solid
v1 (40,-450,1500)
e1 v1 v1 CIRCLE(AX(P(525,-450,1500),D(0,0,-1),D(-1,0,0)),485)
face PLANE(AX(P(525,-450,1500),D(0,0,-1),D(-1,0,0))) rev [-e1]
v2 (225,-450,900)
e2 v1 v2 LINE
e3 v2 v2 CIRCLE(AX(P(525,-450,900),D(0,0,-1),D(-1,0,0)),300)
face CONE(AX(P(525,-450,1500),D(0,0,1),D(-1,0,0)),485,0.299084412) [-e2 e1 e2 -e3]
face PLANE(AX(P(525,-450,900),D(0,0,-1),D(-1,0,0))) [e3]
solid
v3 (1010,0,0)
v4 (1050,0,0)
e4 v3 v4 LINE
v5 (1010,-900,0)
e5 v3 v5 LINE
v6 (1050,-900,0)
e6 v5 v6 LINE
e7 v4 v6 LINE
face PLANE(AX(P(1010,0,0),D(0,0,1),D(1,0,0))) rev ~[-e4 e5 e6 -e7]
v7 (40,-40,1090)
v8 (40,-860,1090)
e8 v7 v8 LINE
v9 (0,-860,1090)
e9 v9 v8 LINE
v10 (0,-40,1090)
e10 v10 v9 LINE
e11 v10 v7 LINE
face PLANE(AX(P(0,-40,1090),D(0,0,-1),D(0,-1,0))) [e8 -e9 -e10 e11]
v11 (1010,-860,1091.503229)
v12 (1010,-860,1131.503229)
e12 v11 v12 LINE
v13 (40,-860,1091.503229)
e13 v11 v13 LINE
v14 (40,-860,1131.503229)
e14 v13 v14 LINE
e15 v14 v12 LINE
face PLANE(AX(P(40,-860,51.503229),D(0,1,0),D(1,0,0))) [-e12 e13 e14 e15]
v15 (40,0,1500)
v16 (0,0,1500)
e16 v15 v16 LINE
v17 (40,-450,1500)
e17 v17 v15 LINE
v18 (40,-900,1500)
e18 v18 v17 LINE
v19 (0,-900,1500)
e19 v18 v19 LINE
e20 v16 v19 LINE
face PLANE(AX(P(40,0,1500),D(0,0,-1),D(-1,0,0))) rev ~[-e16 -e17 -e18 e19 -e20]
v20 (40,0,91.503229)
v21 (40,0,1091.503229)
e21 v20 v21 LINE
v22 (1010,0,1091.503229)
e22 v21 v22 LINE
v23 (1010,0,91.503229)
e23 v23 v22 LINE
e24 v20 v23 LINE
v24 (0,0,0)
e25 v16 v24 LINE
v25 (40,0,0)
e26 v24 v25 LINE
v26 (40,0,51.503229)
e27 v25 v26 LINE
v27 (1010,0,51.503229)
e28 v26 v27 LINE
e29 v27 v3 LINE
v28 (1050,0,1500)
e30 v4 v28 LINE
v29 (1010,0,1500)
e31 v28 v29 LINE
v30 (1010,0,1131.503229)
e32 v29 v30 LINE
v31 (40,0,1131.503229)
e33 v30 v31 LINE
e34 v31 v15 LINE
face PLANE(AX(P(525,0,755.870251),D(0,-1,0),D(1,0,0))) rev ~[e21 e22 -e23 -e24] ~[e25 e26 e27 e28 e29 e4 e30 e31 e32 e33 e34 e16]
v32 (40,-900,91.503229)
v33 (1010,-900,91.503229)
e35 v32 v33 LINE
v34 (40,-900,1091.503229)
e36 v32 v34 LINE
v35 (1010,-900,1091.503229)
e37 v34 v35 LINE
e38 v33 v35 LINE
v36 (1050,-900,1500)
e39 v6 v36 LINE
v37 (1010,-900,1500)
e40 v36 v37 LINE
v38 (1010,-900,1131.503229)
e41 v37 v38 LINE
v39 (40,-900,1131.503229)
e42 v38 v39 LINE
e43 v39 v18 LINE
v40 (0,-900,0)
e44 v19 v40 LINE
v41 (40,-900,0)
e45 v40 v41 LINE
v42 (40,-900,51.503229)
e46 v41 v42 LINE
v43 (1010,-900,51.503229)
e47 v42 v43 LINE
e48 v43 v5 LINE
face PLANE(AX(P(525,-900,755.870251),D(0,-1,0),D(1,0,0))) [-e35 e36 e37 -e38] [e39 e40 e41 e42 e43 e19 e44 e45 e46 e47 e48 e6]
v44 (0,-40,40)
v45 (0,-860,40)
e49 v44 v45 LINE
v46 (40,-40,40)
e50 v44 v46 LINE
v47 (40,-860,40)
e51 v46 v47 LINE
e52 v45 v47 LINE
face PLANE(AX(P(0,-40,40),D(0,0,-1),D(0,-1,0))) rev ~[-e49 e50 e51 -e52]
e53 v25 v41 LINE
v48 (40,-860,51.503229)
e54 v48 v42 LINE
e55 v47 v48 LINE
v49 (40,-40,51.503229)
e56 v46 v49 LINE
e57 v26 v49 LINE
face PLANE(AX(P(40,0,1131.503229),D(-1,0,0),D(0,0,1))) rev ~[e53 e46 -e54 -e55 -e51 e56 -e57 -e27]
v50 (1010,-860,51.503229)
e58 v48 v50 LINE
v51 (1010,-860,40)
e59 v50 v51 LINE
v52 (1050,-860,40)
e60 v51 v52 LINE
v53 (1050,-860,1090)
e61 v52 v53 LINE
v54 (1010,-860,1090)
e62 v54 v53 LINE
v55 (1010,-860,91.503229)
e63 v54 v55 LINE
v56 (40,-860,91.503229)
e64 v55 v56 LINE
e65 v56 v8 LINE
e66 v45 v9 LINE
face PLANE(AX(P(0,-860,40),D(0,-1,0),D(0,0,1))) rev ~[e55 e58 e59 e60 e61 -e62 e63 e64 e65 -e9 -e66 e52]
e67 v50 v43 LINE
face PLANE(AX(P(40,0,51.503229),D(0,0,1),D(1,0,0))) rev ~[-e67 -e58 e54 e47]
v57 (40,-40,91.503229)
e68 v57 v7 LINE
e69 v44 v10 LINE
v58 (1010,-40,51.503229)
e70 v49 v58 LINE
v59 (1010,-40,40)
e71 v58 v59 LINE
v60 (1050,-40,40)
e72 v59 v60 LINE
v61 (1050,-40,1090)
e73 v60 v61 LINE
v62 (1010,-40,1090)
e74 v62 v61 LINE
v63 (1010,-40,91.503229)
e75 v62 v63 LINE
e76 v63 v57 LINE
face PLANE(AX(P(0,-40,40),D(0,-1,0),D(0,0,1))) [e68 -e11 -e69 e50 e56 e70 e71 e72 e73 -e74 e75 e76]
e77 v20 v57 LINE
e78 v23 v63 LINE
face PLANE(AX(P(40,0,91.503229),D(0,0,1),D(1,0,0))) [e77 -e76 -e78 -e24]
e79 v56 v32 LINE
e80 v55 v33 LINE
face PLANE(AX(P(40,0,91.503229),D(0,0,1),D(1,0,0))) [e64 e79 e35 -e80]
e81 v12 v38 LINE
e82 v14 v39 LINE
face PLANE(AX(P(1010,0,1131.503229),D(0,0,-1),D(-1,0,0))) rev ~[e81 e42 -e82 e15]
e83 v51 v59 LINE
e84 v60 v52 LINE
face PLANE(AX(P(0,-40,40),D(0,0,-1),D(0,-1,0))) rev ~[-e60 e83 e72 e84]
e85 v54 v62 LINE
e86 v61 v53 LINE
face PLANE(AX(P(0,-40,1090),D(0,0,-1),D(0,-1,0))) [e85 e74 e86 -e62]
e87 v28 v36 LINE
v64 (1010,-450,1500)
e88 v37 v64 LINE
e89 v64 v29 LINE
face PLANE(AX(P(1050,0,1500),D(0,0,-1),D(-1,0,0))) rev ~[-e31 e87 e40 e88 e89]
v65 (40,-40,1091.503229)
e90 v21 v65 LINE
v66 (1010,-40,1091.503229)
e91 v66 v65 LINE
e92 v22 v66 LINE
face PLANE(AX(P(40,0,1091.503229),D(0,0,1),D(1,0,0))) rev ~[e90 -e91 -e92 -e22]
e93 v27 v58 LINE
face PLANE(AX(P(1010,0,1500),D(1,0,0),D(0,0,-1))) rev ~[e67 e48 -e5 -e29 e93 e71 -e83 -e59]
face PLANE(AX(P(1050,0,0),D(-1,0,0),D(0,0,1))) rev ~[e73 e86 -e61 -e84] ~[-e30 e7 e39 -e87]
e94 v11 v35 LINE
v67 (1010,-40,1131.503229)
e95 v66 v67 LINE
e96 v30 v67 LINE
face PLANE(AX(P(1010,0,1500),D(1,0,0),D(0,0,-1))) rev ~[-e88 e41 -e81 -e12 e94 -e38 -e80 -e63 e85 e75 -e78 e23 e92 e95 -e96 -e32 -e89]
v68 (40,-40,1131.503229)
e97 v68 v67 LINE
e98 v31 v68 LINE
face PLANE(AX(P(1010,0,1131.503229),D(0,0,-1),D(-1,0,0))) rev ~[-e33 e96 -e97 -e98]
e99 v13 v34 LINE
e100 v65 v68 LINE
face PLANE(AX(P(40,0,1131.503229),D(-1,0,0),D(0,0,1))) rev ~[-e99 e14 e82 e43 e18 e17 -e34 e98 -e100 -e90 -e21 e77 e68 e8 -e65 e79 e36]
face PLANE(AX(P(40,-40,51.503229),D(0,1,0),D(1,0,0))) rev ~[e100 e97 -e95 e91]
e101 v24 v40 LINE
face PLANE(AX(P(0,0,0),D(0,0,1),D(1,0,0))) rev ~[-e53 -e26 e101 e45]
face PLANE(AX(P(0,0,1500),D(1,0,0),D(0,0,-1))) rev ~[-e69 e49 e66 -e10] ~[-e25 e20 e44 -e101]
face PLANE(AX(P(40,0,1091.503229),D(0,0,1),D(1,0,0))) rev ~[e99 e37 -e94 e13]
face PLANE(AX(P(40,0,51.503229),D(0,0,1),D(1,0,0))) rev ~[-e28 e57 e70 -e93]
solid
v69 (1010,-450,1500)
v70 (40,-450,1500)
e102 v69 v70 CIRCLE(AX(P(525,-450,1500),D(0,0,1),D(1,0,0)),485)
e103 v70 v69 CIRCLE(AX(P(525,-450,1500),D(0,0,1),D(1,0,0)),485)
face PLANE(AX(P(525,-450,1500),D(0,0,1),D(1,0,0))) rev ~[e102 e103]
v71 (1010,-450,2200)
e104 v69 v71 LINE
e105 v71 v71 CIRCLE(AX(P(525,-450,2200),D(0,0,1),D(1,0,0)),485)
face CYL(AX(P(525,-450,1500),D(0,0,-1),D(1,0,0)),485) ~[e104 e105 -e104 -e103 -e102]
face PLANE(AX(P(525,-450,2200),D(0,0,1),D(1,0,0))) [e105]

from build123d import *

# Parameters (mm, degrees)
F0_W      = 970
F0_H      = 1000
F1_DEPTH  = 900
F2_W      = 970
F2_H      = 820
F3_DEPTH  = 1448.4977711683
F4_R      = 485
F5_DEPTH  = 700
F9_W      = 820
F9_H      = 1050
F10_DEPTH = 1050.001


with BuildPart() as f1:
    # F0 (on Front) → F1 (new body)
    with BuildSketch(Plane.XZ):
        Polygon((0, 1500), (0, 0), (40, 0), (40, 51.5032288317), (1010, 51.5032288317), (1010, 0), (1050, 0), (1050, 1500), (1010, 1500), (1010, 1131.5032288317), (40, 1131.5032288317), (40, 1500), align=None)
        with Locations((525, 591.5032288317)):
            Rectangle(F0_W, F0_H, mode=Mode.SUBTRACT)
    extrude(amount=F1_DEPTH)

    # F2 (on face) → F3 (cut, through all)
    with BuildSketch(Plane(origin=(0, 0, 51.5032288317), x_dir=(1, 0, 0), z_dir=(0, 0, -1))):
        with Locations((525, 450)):
            Rectangle(F2_W, F2_H)
    extrude(amount=-F3_DEPTH, mode=Mode.SUBTRACT)

    # F4 (on face) → F5 (join)
    with BuildSketch(Plane.XY.offset(1500)):
        with Locations((525, -450)):
            Circle(F4_R)
    extrude(amount=F5_DEPTH)

    # F9 (on face) → F10 (cut, through all)
    with BuildSketch(Plane(origin=(0, 0, 0), x_dir=(0, -1, 0), z_dir=(-1, 0, 0))):
        with Locations((450, 565)):
            Rectangle(F9_W, F9_H)
    extrude(amount=-F10_DEPTH, mode=Mode.SUBTRACT)


with BuildPart() as f8:
    # F7 (on offset) → F8 (revolve)
    with BuildSketch(Plane.XZ.offset(450)):
        Polygon((525, 900), (525, 1500), (40, 1500), (225, 900), align=None)
    revolve(axis=Axis((525, -450, 1200), (0, 0, -1)))


solid = Compound([f1.part, f8.part])
